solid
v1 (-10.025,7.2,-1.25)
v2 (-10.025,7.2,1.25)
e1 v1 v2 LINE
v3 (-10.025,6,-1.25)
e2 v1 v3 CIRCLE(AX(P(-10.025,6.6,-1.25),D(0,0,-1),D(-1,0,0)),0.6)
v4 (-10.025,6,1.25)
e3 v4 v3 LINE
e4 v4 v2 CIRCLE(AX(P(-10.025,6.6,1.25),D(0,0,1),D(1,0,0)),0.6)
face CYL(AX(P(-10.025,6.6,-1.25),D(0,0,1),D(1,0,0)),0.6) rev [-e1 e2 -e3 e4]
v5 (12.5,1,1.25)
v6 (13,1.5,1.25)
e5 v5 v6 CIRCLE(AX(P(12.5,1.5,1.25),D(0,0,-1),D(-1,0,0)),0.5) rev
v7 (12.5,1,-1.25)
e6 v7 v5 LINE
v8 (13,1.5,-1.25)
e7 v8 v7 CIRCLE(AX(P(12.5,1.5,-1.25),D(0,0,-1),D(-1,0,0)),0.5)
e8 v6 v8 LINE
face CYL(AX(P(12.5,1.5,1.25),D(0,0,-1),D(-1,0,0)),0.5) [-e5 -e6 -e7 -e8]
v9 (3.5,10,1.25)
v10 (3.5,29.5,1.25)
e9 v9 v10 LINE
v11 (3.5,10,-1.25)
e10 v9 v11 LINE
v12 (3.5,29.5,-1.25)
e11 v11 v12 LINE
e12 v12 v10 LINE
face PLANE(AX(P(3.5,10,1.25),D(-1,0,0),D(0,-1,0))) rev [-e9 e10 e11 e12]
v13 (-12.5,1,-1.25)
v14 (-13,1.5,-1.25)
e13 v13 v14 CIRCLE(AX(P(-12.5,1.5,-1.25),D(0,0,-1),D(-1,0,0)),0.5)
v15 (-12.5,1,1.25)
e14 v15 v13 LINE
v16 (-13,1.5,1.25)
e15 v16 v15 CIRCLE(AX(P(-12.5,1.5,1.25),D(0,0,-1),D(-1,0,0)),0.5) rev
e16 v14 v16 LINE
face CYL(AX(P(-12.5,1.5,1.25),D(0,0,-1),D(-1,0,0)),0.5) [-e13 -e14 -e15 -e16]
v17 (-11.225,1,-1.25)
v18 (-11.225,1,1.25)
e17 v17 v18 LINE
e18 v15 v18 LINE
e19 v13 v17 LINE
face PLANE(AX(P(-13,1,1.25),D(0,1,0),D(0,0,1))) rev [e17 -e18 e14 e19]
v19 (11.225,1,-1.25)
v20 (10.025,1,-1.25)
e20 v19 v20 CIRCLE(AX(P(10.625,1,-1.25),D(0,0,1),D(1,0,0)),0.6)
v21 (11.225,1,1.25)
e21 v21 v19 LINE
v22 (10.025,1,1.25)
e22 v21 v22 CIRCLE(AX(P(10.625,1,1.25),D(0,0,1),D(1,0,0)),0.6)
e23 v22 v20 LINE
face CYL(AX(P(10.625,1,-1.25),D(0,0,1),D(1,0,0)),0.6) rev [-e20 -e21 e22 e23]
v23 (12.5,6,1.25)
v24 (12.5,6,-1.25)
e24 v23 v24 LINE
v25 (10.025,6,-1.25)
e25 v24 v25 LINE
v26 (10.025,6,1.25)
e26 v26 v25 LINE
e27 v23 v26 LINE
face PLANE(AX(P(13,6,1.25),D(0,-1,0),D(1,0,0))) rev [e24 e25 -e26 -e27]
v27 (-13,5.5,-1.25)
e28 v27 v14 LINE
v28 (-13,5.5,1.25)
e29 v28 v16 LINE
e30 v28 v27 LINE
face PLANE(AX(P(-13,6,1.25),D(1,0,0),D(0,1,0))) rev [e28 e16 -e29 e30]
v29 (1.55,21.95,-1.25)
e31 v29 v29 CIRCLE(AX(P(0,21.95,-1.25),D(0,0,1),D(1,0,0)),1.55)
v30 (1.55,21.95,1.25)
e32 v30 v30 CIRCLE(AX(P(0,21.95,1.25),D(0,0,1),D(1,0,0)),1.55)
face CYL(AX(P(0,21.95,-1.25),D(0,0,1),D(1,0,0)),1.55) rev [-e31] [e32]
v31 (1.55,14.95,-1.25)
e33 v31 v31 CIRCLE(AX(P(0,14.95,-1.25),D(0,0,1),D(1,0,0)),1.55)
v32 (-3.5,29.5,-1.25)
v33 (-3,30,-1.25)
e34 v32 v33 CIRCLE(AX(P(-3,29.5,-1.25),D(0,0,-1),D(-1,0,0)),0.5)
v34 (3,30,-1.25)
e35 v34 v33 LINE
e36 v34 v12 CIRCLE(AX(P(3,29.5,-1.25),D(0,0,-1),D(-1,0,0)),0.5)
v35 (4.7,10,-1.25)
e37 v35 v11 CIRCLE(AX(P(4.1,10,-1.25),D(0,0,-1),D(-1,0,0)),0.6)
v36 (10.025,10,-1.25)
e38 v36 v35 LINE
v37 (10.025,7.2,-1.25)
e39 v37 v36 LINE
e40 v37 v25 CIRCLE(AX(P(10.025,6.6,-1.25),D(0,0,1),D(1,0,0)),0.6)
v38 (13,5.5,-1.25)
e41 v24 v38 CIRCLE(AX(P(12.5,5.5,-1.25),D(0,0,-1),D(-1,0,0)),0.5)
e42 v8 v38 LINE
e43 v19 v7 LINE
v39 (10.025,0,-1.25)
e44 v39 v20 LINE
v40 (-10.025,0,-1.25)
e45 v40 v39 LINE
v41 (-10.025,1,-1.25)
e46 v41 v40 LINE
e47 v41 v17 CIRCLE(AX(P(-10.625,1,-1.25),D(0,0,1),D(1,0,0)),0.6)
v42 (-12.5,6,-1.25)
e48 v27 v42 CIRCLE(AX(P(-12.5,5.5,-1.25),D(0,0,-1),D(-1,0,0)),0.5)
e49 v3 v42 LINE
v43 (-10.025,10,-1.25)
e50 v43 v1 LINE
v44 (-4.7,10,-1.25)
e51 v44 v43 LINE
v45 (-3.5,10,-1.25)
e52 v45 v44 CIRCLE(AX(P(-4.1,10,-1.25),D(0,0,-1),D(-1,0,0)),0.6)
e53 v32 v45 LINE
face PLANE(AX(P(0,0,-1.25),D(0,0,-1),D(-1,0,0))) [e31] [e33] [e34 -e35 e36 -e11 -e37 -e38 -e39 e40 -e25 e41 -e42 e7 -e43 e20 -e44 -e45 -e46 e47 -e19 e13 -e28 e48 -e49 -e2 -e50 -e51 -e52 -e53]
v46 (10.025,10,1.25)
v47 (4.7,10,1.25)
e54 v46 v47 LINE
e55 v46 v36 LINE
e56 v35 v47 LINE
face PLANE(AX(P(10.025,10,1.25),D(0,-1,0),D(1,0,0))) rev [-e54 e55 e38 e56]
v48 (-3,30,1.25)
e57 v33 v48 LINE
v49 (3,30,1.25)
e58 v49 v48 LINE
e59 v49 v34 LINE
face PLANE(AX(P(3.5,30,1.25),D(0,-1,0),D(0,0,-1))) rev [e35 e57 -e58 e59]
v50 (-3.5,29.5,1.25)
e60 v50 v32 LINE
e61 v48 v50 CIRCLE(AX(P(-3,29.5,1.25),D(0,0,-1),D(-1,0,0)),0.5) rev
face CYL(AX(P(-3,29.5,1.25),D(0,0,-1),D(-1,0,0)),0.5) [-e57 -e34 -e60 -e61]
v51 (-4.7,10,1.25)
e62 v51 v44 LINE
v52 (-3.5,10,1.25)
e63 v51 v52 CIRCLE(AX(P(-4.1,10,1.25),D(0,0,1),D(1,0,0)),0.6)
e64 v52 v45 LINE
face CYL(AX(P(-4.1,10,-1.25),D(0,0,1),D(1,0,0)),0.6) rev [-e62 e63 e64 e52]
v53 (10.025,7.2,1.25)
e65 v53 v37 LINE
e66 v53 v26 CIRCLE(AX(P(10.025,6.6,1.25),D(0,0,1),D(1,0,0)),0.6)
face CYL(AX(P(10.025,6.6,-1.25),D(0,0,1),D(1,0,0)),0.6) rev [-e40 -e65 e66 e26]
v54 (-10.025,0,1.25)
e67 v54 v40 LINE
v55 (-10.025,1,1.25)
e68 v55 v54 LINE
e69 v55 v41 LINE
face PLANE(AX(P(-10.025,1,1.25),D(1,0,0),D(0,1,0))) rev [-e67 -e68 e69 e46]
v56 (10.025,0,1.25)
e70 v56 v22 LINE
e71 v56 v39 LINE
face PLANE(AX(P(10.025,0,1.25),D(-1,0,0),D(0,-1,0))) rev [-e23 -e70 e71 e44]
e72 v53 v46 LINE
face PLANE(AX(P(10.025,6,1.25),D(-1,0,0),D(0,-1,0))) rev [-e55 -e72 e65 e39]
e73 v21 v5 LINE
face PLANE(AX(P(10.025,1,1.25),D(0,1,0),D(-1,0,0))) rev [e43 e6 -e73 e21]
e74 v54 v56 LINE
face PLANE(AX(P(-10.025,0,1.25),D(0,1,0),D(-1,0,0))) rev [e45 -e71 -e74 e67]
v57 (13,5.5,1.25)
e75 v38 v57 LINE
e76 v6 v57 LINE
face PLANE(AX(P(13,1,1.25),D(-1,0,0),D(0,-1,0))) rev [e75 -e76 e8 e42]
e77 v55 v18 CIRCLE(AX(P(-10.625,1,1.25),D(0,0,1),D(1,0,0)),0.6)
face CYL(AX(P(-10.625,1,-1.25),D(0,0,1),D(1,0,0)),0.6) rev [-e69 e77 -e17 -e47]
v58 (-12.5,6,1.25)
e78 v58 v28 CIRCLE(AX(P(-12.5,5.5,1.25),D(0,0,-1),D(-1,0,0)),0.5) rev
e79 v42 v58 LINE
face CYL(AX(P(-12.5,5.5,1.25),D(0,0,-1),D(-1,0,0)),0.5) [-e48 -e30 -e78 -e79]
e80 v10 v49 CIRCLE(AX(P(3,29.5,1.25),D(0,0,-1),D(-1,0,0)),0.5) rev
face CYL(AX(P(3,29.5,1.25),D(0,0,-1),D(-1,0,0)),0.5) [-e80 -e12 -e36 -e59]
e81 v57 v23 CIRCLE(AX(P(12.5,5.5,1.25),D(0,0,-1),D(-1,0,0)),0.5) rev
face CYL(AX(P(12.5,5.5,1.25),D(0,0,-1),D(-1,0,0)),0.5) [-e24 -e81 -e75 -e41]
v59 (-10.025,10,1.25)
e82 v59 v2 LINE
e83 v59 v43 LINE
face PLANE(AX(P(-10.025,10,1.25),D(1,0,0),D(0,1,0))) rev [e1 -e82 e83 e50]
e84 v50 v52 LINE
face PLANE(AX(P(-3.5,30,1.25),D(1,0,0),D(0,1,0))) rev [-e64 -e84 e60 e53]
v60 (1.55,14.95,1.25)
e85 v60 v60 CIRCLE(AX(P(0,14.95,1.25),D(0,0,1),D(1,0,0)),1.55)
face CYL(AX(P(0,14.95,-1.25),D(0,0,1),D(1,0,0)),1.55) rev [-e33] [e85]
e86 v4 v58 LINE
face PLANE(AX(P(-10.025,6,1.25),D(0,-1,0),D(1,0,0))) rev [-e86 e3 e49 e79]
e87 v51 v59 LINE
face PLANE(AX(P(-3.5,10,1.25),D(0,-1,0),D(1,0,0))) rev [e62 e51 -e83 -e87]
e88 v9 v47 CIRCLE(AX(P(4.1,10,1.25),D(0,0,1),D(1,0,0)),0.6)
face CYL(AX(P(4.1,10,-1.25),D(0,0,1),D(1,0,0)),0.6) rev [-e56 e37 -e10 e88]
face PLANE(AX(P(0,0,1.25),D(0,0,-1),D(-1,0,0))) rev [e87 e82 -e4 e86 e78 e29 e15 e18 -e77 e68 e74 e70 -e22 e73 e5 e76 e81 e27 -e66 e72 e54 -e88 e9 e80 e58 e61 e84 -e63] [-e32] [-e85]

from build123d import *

# Parameters (mm, degrees)
EXTRUDE_1_DEPTH     = 1.25
SKETCH_2_R          = 0.6
CUT_EXTRUDE_1_DEPTH = 3.5
FILLET_1_R          = 0.5
SKETCH_3_R          = 1.55
CUT_EXTRUDE_2_DEPTH = 3.5


with BuildPart() as part:
    # 草图1 → 凸台-拉伸1 (new body, symmetric)
    with BuildSketch(Plane.XY):
        Polygon((-10.025, 6), (-13, 6), (-13, 1), (-10.025, 1), (-10.025, 0), (10.025, 0), (10.025, 1), (13, 1), (13, 6), (10.025, 6), (10.025, 10), (3.5, 10), (3.5, 30), (-3.5, 30), (-3.5, 10), (-10.025, 10), align=None)
    extrude(amount=EXTRUDE_1_DEPTH, both=True)

    # 草图2 → 切除-拉伸1 (cut, through all)
    with BuildSketch(Plane.XY.offset(1.25)):
        with Locations((-10.025, 6.6)):
            Circle(SKETCH_2_R)
        with Locations((-10.625, 1)):
            Circle(SKETCH_2_R)
        with Locations((10.025, 6.6)):
            Circle(SKETCH_2_R)
        with Locations((10.625, 1)):
            Circle(SKETCH_2_R)
        with Locations((-4.1, 10)):
            Circle(SKETCH_2_R)
        with Locations((4.1, 10)):
            Circle(SKETCH_2_R)
    extrude(amount=-CUT_EXTRUDE_1_DEPTH, mode=Mode.SUBTRACT)

    # 圆角1
    fillet_1_edges = [part.edges().sort_by_distance(p)[0] for p in [
        (-3.5, 30, 0),
        (3.5, 30, 0),
        (13, 6, 0),
        (13, 1, 0),
        (-13, 1, 0),
        (-13, 6, 0),
    ]]
    fillet(fillet_1_edges, radius=FILLET_1_R)

    # 草图3 → 切除-拉伸2 (cut, through all)
    with BuildSketch(Plane.XY.offset(1.25)):
        with Locations((0, 14.95)):
            Circle(SKETCH_3_R)
        with Locations((0, 21.95)):
            Circle(SKETCH_3_R)
    extrude(amount=-CUT_EXTRUDE_2_DEPTH, mode=Mode.SUBTRACT)


solid = part.part
